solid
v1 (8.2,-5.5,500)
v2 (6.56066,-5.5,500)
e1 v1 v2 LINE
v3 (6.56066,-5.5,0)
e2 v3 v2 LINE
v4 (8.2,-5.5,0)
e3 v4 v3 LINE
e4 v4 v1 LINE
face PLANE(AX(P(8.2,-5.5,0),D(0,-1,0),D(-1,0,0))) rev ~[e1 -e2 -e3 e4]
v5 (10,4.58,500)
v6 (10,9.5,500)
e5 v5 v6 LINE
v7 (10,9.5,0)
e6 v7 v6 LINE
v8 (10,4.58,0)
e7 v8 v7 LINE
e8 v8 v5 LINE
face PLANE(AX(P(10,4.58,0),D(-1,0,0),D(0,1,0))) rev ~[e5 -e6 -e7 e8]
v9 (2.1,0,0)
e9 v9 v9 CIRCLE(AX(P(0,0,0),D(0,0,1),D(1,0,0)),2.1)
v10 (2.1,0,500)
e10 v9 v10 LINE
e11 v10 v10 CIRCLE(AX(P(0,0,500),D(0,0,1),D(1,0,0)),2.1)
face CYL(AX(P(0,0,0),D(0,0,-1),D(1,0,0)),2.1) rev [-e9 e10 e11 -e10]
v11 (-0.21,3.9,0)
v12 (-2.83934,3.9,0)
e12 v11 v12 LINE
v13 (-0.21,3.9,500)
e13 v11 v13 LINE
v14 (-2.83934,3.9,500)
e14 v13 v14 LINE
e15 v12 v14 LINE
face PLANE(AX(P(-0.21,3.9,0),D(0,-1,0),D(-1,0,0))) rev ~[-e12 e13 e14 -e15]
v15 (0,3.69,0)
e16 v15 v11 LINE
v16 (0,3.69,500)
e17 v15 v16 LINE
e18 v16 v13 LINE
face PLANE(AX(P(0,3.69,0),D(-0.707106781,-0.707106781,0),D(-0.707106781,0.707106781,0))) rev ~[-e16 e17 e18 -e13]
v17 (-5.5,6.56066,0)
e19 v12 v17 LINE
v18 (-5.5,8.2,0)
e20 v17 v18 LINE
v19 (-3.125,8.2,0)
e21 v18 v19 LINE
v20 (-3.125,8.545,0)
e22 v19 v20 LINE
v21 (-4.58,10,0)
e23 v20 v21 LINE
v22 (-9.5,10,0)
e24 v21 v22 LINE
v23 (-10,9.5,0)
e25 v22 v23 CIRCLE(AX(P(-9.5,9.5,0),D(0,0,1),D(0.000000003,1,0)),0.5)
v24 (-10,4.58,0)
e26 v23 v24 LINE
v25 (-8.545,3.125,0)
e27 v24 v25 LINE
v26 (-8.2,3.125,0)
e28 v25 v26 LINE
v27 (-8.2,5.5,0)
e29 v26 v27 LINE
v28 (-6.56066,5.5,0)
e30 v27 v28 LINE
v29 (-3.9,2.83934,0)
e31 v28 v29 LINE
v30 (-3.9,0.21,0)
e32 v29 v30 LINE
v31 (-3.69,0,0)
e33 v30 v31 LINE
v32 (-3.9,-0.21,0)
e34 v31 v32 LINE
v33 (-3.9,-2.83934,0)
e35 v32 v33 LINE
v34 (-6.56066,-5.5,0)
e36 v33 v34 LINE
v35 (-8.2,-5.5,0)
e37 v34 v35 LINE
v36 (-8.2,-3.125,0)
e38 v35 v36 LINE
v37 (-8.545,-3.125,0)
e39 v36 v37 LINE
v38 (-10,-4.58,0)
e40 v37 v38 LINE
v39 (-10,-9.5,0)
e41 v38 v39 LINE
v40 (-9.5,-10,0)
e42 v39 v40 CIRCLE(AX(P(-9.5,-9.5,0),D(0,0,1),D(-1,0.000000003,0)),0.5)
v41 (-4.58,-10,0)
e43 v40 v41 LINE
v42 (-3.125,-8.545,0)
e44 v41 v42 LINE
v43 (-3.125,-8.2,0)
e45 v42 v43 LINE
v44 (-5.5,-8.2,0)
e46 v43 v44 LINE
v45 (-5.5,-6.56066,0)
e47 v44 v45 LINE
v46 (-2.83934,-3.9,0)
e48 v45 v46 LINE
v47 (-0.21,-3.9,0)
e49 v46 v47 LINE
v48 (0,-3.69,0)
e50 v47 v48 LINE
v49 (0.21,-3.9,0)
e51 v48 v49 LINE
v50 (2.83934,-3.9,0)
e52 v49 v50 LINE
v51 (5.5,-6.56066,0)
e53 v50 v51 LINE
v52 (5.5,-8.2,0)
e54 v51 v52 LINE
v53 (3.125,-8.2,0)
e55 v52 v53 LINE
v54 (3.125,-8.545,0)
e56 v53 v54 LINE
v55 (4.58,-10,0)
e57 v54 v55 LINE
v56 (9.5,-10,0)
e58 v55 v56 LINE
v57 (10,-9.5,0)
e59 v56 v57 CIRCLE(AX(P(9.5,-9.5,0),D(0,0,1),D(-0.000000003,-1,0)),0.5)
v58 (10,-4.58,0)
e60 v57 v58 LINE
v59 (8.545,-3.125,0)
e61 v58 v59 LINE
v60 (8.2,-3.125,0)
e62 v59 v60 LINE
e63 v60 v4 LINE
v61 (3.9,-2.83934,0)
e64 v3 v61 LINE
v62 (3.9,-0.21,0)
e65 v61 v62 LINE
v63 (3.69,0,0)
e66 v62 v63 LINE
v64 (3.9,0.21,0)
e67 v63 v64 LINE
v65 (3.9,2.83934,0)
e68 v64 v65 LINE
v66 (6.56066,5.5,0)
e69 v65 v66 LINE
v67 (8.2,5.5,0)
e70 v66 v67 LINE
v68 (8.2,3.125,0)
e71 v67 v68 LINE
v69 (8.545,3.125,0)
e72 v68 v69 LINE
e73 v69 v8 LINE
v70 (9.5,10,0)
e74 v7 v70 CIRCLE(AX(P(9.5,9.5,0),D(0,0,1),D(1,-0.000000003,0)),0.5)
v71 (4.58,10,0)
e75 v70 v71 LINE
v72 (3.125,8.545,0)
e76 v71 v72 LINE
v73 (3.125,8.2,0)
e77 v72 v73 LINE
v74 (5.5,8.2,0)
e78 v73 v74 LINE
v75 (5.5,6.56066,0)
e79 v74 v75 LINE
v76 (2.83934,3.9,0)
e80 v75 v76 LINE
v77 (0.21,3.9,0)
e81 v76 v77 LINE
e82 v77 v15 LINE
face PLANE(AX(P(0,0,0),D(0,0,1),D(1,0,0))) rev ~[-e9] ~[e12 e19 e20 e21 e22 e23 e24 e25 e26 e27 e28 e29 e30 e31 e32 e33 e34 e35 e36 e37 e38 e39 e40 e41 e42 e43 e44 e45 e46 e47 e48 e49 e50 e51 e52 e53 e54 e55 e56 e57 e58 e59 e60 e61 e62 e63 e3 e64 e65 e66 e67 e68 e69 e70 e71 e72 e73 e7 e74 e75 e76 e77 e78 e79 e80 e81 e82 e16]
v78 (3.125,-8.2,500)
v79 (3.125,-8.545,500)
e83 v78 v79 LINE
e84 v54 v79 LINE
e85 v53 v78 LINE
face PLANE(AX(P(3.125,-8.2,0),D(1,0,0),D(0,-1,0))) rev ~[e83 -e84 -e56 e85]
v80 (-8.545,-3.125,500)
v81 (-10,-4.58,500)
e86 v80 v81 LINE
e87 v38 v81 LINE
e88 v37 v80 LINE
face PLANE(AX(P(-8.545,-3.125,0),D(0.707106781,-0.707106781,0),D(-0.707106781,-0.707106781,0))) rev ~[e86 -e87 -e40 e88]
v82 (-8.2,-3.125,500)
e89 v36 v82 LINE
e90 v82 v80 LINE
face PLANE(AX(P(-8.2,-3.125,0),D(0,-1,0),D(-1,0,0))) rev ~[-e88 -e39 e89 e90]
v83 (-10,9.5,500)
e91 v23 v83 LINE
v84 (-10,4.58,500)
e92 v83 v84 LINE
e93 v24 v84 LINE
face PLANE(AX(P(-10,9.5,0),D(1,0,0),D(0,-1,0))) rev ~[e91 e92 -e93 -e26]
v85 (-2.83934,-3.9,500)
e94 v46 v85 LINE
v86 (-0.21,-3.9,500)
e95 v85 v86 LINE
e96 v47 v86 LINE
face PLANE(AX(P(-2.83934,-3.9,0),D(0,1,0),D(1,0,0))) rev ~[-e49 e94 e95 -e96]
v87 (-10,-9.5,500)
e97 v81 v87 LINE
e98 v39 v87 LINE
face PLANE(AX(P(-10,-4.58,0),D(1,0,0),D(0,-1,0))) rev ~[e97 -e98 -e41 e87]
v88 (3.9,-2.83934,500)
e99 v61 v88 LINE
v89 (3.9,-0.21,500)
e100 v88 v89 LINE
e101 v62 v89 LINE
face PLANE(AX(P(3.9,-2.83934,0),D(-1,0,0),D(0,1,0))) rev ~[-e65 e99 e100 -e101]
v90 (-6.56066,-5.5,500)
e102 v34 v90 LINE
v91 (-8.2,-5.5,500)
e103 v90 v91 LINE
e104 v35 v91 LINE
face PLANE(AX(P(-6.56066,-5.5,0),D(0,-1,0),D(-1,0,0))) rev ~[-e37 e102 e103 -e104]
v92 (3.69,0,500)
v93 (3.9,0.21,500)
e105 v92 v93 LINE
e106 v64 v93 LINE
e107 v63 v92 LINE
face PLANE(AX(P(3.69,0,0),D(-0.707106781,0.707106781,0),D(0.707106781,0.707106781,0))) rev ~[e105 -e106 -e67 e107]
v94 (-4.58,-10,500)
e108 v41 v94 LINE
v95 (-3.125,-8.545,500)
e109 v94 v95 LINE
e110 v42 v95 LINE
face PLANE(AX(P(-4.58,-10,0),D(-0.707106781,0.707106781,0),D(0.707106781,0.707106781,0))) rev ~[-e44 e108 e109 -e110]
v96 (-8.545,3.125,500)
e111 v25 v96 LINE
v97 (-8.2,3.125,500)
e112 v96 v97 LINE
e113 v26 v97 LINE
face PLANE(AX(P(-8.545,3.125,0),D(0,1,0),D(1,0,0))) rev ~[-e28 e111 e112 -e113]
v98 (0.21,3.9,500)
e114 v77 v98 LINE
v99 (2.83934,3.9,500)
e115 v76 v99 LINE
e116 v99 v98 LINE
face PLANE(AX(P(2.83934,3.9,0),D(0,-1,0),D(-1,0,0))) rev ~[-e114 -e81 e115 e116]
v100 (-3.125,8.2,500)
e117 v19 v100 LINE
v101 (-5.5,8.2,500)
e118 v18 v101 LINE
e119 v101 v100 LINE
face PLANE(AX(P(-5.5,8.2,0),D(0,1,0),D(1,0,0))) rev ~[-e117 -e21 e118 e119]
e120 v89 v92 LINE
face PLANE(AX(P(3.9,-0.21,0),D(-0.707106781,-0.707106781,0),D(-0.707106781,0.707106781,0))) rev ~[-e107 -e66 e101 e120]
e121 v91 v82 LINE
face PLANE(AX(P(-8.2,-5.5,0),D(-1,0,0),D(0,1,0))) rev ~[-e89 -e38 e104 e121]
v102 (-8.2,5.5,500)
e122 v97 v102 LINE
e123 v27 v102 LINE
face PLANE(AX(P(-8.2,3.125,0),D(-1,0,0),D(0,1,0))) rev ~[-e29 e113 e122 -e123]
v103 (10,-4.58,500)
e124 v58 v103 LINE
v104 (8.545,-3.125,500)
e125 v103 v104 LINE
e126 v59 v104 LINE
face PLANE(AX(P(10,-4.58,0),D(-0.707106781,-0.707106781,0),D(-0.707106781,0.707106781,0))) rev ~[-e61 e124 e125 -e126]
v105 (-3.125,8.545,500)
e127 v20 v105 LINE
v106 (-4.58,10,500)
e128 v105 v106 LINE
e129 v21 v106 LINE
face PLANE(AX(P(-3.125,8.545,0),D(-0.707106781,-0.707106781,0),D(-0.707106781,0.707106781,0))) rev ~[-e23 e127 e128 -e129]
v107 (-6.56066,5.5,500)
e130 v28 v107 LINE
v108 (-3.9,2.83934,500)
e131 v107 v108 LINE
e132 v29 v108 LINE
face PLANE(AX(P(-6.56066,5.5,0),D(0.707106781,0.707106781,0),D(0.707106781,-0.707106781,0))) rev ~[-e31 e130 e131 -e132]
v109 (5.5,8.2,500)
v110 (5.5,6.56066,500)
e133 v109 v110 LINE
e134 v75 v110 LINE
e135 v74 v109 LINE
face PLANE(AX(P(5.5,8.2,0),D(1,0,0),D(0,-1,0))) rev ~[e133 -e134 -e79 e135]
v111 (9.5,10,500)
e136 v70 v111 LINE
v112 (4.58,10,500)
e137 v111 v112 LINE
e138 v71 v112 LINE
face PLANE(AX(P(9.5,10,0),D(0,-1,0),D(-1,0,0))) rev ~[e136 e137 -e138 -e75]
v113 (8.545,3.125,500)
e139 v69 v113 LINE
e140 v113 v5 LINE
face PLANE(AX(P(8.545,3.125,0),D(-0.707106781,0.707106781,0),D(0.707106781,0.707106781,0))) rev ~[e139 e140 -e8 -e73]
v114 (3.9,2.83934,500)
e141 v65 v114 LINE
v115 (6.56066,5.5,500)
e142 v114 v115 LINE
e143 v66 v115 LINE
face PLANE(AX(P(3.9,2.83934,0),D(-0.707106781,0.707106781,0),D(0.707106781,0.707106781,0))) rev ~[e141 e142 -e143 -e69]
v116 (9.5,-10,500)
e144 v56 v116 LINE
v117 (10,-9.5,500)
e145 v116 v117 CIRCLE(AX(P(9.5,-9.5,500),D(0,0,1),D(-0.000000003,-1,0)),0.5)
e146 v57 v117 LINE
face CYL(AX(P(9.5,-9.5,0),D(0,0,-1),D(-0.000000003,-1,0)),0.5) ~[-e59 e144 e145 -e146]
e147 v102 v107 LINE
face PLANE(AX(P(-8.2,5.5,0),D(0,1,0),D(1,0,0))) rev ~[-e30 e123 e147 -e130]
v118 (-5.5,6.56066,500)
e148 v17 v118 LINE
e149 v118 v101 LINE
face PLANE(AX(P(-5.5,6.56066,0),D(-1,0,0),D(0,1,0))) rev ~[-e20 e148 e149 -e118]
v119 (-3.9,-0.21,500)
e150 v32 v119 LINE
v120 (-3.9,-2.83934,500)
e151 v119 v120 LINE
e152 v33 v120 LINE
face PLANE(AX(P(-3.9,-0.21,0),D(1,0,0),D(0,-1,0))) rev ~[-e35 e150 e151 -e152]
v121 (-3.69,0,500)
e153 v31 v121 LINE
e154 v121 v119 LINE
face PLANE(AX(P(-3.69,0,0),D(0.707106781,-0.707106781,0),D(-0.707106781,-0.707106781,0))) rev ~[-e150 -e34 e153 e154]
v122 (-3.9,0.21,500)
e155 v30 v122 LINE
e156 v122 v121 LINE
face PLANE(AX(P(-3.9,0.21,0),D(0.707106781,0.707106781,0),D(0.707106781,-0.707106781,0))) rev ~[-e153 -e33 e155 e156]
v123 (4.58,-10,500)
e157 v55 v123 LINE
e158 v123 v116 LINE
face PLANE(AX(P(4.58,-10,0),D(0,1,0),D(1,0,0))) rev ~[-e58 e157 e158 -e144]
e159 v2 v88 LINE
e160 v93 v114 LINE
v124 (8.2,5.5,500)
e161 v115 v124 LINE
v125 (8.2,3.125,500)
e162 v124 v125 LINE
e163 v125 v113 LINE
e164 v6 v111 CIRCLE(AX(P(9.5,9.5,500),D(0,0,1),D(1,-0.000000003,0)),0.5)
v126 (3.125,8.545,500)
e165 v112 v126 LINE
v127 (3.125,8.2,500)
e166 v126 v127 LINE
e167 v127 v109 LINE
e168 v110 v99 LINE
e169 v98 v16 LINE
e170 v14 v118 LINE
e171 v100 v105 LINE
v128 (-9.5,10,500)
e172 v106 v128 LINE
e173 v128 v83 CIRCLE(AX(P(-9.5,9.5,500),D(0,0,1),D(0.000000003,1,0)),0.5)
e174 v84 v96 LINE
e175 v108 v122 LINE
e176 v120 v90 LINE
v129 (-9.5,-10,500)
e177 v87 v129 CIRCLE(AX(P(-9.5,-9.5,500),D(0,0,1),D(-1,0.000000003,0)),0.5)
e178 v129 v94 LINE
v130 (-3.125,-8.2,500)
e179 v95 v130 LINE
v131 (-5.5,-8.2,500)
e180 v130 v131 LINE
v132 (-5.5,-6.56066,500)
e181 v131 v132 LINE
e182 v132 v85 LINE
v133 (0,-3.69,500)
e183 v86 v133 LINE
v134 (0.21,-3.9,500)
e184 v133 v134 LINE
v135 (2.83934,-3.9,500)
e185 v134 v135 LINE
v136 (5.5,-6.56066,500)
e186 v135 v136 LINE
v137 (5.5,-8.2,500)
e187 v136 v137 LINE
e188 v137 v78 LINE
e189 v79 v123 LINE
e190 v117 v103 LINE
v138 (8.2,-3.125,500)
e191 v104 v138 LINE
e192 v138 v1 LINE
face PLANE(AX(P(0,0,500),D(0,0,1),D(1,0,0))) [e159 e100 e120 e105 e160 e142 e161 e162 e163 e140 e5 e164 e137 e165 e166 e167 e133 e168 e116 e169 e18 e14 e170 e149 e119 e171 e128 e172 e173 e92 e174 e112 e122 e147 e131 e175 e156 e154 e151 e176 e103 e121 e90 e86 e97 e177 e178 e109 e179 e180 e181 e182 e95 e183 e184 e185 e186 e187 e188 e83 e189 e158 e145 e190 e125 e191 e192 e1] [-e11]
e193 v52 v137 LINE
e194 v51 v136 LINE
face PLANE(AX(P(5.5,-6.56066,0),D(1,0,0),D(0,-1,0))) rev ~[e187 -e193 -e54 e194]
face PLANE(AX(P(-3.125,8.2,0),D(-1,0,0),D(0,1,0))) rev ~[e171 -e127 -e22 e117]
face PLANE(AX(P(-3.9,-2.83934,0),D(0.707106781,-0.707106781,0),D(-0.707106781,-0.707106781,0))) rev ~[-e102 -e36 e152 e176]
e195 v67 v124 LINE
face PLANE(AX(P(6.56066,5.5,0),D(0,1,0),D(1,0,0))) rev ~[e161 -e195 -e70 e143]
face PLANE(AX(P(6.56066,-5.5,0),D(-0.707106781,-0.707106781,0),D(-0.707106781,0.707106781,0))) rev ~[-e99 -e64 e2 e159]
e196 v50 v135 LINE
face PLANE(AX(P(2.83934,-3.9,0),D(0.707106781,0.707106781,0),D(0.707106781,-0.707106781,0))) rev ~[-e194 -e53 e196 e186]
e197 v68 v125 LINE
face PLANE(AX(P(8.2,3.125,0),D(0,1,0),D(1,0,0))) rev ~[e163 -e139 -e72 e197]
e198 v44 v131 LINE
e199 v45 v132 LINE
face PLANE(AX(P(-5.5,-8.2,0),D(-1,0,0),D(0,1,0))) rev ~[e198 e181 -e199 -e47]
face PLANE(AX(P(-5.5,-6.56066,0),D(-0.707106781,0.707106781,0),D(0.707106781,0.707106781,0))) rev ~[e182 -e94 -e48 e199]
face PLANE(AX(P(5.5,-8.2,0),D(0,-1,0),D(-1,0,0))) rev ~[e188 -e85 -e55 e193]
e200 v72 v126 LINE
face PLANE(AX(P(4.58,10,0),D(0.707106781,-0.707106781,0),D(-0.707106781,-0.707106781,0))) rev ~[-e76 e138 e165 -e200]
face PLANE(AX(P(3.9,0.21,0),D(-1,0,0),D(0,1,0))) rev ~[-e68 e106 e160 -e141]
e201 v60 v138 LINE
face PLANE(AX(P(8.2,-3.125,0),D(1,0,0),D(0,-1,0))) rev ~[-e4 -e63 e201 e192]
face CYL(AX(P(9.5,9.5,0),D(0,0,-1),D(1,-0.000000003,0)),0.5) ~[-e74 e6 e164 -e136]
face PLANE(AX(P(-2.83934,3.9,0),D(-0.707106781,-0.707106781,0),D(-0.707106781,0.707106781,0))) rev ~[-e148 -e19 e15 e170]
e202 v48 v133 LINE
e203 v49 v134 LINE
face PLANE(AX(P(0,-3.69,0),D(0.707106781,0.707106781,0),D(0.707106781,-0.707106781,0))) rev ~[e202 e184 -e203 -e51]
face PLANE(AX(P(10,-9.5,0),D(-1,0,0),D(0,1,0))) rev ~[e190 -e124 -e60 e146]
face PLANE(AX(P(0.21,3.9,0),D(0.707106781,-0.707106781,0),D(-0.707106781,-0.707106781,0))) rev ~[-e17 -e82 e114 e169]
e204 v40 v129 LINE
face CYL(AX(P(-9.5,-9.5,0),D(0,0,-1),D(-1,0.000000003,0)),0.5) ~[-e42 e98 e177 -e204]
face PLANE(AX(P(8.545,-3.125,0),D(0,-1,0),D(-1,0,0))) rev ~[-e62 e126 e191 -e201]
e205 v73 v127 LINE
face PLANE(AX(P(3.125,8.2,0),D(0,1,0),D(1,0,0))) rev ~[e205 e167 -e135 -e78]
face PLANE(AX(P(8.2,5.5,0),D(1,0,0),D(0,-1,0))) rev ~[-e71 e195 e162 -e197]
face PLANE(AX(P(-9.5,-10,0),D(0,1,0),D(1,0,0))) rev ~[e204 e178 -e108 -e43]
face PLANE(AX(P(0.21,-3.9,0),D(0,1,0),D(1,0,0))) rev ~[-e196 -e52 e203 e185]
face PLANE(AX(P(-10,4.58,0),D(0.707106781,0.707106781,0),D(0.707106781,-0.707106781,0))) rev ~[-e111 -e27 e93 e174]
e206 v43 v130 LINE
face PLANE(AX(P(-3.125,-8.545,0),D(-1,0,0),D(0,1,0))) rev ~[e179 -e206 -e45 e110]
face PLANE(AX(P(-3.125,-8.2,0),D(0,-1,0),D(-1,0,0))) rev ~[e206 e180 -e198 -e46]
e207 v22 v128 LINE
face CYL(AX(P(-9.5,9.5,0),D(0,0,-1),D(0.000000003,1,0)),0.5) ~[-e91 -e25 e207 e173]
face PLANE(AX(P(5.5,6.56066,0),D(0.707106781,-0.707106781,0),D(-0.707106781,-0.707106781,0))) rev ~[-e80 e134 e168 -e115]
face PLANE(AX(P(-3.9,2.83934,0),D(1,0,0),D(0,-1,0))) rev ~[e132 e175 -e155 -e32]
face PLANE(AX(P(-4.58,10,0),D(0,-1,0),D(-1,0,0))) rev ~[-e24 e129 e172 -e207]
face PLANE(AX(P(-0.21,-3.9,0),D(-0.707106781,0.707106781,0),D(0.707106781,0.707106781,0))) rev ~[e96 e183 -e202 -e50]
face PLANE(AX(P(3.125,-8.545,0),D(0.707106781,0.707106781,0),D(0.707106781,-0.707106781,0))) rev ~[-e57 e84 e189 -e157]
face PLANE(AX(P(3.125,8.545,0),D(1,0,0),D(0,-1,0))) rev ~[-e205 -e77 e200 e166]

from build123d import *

# Parameters (mm, degrees)
SKETCH1_R           = 2.1
BOSS_EXTRUDE1_DEPTH = 500


with BuildPart() as part:
    # Sketch1 → Boss-Extrude1 (new body)
    with BuildSketch(Plane.XY):
        with BuildLine():
            Line((4.58, -10), (9.5, -10))
            ThreePointArc((9.5, -10), (9.853553391, -9.853553391), (10, -9.5))
            Line((10, -9.5), (10, -4.58))
            Line((10, -4.58), (8.545, -3.125))
            Line((8.545, -3.125), (8.2, -3.125))
            Line((8.2, -3.125), (8.2, -5.5))
            Line((8.2, -5.5), (6.560660172, -5.5))
            Line((6.560660172, -5.5), (3.9, -2.839339828))
            Line((3.9, -2.839339828), (3.9, -0.21))
            Line((3.9, -0.21), (3.69, 0))
            Line((3.69, 0), (3.9, 0.21))
            Line((3.9, 0.21), (3.9, 2.839339828))
            Line((3.9, 2.839339828), (6.560660172, 5.5))
            Line((6.560660172, 5.5), (8.2, 5.5))
            Line((8.2, 5.5), (8.2, 3.125))
            Line((8.2, 3.125), (8.545, 3.125))
            Line((8.545, 3.125), (10, 4.58))
            Line((10, 4.58), (10, 9.5))
            ThreePointArc((10, 9.5), (9.853553391, 9.853553391), (9.5, 10))
            Line((9.5, 10), (4.58, 10))
            Line((4.58, 10), (3.125, 8.545))
            Line((3.125, 8.545), (3.125, 8.2))
            Line((3.125, 8.2), (5.5, 8.2))
            Line((5.5, 8.2), (5.5, 6.560660172))
            Line((5.5, 6.560660172), (2.839339828, 3.9))
            Line((2.839339828, 3.9), (0.21, 3.9))
            Line((0.21, 3.9), (0, 3.69))
            Line((0, 3.69), (-0.21, 3.9))
            Line((-0.21, 3.9), (-2.839339828, 3.9))
            Line((-2.839339828, 3.9), (-5.5, 6.560660172))
            Line((-5.5, 6.560660172), (-5.5, 8.2))
            Line((-5.5, 8.2), (-3.125, 8.2))
            Line((-3.125, 8.2), (-3.125, 8.545))
            Line((-3.125, 8.545), (-4.58, 10))
            Line((-4.58, 10), (-9.5, 10))
            ThreePointArc((-9.5, 10), (-9.853553391, 9.853553391), (-10, 9.5))
            Line((-10, 9.5), (-10, 4.58))
            Line((-10, 4.58), (-8.545, 3.125))
            Line((-8.545, 3.125), (-8.2, 3.125))
            Line((-8.2, 3.125), (-8.2, 5.5))
            Line((-8.2, 5.5), (-6.560660172, 5.5))
            Line((-6.560660172, 5.5), (-3.9, 2.839339828))
            Line((-3.9, 2.839339828), (-3.9, 0.21))
            Line((-3.9, 0.21), (-3.69, 0))
            Line((-3.69, 0), (-3.9, -0.21))
            Line((-3.9, -0.21), (-3.9, -2.839339828))
            Line((-3.9, -2.839339828), (-6.560660172, -5.5))
            Line((-6.560660172, -5.5), (-8.2, -5.5))
            Line((-8.2, -5.5), (-8.2, -3.125))
            Line((-8.2, -3.125), (-8.545, -3.125))
            Line((-8.545, -3.125), (-10, -4.58))
            Line((-10, -4.58), (-10, -9.5))
            ThreePointArc((-10, -9.5), (-9.853553391, -9.853553391), (-9.5, -10))
            Line((-9.5, -10), (-4.58, -10))
            Line((-4.58, -10), (-3.125, -8.545))
            Line((-3.125, -8.545), (-3.125, -8.2))
            Line((-3.125, -8.2), (-5.5, -8.2))
            Line((-5.5, -8.2), (-5.5, -6.560660172))
            Line((-5.5, -6.560660172), (-2.839339828, -3.9))
            Line((-2.839339828, -3.9), (-0.21, -3.9))
            Line((-0.21, -3.9), (0, -3.69))
            Line((0, -3.69), (0.21, -3.9))
            Line((0.21, -3.9), (2.839339828, -3.9))
            Line((2.839339828, -3.9), (5.5, -6.560660172))
            Line((5.5, -6.560660172), (5.5, -8.2))
            Line((5.5, -8.2), (3.125, -8.2))
            Line((3.125, -8.2), (3.125, -8.545))
            Line((3.125, -8.545), (4.58, -10))
        make_face()
        Circle(SKETCH1_R, mode=Mode.SUBTRACT)
    extrude(amount=BOSS_EXTRUDE1_DEPTH)


solid = part.part
